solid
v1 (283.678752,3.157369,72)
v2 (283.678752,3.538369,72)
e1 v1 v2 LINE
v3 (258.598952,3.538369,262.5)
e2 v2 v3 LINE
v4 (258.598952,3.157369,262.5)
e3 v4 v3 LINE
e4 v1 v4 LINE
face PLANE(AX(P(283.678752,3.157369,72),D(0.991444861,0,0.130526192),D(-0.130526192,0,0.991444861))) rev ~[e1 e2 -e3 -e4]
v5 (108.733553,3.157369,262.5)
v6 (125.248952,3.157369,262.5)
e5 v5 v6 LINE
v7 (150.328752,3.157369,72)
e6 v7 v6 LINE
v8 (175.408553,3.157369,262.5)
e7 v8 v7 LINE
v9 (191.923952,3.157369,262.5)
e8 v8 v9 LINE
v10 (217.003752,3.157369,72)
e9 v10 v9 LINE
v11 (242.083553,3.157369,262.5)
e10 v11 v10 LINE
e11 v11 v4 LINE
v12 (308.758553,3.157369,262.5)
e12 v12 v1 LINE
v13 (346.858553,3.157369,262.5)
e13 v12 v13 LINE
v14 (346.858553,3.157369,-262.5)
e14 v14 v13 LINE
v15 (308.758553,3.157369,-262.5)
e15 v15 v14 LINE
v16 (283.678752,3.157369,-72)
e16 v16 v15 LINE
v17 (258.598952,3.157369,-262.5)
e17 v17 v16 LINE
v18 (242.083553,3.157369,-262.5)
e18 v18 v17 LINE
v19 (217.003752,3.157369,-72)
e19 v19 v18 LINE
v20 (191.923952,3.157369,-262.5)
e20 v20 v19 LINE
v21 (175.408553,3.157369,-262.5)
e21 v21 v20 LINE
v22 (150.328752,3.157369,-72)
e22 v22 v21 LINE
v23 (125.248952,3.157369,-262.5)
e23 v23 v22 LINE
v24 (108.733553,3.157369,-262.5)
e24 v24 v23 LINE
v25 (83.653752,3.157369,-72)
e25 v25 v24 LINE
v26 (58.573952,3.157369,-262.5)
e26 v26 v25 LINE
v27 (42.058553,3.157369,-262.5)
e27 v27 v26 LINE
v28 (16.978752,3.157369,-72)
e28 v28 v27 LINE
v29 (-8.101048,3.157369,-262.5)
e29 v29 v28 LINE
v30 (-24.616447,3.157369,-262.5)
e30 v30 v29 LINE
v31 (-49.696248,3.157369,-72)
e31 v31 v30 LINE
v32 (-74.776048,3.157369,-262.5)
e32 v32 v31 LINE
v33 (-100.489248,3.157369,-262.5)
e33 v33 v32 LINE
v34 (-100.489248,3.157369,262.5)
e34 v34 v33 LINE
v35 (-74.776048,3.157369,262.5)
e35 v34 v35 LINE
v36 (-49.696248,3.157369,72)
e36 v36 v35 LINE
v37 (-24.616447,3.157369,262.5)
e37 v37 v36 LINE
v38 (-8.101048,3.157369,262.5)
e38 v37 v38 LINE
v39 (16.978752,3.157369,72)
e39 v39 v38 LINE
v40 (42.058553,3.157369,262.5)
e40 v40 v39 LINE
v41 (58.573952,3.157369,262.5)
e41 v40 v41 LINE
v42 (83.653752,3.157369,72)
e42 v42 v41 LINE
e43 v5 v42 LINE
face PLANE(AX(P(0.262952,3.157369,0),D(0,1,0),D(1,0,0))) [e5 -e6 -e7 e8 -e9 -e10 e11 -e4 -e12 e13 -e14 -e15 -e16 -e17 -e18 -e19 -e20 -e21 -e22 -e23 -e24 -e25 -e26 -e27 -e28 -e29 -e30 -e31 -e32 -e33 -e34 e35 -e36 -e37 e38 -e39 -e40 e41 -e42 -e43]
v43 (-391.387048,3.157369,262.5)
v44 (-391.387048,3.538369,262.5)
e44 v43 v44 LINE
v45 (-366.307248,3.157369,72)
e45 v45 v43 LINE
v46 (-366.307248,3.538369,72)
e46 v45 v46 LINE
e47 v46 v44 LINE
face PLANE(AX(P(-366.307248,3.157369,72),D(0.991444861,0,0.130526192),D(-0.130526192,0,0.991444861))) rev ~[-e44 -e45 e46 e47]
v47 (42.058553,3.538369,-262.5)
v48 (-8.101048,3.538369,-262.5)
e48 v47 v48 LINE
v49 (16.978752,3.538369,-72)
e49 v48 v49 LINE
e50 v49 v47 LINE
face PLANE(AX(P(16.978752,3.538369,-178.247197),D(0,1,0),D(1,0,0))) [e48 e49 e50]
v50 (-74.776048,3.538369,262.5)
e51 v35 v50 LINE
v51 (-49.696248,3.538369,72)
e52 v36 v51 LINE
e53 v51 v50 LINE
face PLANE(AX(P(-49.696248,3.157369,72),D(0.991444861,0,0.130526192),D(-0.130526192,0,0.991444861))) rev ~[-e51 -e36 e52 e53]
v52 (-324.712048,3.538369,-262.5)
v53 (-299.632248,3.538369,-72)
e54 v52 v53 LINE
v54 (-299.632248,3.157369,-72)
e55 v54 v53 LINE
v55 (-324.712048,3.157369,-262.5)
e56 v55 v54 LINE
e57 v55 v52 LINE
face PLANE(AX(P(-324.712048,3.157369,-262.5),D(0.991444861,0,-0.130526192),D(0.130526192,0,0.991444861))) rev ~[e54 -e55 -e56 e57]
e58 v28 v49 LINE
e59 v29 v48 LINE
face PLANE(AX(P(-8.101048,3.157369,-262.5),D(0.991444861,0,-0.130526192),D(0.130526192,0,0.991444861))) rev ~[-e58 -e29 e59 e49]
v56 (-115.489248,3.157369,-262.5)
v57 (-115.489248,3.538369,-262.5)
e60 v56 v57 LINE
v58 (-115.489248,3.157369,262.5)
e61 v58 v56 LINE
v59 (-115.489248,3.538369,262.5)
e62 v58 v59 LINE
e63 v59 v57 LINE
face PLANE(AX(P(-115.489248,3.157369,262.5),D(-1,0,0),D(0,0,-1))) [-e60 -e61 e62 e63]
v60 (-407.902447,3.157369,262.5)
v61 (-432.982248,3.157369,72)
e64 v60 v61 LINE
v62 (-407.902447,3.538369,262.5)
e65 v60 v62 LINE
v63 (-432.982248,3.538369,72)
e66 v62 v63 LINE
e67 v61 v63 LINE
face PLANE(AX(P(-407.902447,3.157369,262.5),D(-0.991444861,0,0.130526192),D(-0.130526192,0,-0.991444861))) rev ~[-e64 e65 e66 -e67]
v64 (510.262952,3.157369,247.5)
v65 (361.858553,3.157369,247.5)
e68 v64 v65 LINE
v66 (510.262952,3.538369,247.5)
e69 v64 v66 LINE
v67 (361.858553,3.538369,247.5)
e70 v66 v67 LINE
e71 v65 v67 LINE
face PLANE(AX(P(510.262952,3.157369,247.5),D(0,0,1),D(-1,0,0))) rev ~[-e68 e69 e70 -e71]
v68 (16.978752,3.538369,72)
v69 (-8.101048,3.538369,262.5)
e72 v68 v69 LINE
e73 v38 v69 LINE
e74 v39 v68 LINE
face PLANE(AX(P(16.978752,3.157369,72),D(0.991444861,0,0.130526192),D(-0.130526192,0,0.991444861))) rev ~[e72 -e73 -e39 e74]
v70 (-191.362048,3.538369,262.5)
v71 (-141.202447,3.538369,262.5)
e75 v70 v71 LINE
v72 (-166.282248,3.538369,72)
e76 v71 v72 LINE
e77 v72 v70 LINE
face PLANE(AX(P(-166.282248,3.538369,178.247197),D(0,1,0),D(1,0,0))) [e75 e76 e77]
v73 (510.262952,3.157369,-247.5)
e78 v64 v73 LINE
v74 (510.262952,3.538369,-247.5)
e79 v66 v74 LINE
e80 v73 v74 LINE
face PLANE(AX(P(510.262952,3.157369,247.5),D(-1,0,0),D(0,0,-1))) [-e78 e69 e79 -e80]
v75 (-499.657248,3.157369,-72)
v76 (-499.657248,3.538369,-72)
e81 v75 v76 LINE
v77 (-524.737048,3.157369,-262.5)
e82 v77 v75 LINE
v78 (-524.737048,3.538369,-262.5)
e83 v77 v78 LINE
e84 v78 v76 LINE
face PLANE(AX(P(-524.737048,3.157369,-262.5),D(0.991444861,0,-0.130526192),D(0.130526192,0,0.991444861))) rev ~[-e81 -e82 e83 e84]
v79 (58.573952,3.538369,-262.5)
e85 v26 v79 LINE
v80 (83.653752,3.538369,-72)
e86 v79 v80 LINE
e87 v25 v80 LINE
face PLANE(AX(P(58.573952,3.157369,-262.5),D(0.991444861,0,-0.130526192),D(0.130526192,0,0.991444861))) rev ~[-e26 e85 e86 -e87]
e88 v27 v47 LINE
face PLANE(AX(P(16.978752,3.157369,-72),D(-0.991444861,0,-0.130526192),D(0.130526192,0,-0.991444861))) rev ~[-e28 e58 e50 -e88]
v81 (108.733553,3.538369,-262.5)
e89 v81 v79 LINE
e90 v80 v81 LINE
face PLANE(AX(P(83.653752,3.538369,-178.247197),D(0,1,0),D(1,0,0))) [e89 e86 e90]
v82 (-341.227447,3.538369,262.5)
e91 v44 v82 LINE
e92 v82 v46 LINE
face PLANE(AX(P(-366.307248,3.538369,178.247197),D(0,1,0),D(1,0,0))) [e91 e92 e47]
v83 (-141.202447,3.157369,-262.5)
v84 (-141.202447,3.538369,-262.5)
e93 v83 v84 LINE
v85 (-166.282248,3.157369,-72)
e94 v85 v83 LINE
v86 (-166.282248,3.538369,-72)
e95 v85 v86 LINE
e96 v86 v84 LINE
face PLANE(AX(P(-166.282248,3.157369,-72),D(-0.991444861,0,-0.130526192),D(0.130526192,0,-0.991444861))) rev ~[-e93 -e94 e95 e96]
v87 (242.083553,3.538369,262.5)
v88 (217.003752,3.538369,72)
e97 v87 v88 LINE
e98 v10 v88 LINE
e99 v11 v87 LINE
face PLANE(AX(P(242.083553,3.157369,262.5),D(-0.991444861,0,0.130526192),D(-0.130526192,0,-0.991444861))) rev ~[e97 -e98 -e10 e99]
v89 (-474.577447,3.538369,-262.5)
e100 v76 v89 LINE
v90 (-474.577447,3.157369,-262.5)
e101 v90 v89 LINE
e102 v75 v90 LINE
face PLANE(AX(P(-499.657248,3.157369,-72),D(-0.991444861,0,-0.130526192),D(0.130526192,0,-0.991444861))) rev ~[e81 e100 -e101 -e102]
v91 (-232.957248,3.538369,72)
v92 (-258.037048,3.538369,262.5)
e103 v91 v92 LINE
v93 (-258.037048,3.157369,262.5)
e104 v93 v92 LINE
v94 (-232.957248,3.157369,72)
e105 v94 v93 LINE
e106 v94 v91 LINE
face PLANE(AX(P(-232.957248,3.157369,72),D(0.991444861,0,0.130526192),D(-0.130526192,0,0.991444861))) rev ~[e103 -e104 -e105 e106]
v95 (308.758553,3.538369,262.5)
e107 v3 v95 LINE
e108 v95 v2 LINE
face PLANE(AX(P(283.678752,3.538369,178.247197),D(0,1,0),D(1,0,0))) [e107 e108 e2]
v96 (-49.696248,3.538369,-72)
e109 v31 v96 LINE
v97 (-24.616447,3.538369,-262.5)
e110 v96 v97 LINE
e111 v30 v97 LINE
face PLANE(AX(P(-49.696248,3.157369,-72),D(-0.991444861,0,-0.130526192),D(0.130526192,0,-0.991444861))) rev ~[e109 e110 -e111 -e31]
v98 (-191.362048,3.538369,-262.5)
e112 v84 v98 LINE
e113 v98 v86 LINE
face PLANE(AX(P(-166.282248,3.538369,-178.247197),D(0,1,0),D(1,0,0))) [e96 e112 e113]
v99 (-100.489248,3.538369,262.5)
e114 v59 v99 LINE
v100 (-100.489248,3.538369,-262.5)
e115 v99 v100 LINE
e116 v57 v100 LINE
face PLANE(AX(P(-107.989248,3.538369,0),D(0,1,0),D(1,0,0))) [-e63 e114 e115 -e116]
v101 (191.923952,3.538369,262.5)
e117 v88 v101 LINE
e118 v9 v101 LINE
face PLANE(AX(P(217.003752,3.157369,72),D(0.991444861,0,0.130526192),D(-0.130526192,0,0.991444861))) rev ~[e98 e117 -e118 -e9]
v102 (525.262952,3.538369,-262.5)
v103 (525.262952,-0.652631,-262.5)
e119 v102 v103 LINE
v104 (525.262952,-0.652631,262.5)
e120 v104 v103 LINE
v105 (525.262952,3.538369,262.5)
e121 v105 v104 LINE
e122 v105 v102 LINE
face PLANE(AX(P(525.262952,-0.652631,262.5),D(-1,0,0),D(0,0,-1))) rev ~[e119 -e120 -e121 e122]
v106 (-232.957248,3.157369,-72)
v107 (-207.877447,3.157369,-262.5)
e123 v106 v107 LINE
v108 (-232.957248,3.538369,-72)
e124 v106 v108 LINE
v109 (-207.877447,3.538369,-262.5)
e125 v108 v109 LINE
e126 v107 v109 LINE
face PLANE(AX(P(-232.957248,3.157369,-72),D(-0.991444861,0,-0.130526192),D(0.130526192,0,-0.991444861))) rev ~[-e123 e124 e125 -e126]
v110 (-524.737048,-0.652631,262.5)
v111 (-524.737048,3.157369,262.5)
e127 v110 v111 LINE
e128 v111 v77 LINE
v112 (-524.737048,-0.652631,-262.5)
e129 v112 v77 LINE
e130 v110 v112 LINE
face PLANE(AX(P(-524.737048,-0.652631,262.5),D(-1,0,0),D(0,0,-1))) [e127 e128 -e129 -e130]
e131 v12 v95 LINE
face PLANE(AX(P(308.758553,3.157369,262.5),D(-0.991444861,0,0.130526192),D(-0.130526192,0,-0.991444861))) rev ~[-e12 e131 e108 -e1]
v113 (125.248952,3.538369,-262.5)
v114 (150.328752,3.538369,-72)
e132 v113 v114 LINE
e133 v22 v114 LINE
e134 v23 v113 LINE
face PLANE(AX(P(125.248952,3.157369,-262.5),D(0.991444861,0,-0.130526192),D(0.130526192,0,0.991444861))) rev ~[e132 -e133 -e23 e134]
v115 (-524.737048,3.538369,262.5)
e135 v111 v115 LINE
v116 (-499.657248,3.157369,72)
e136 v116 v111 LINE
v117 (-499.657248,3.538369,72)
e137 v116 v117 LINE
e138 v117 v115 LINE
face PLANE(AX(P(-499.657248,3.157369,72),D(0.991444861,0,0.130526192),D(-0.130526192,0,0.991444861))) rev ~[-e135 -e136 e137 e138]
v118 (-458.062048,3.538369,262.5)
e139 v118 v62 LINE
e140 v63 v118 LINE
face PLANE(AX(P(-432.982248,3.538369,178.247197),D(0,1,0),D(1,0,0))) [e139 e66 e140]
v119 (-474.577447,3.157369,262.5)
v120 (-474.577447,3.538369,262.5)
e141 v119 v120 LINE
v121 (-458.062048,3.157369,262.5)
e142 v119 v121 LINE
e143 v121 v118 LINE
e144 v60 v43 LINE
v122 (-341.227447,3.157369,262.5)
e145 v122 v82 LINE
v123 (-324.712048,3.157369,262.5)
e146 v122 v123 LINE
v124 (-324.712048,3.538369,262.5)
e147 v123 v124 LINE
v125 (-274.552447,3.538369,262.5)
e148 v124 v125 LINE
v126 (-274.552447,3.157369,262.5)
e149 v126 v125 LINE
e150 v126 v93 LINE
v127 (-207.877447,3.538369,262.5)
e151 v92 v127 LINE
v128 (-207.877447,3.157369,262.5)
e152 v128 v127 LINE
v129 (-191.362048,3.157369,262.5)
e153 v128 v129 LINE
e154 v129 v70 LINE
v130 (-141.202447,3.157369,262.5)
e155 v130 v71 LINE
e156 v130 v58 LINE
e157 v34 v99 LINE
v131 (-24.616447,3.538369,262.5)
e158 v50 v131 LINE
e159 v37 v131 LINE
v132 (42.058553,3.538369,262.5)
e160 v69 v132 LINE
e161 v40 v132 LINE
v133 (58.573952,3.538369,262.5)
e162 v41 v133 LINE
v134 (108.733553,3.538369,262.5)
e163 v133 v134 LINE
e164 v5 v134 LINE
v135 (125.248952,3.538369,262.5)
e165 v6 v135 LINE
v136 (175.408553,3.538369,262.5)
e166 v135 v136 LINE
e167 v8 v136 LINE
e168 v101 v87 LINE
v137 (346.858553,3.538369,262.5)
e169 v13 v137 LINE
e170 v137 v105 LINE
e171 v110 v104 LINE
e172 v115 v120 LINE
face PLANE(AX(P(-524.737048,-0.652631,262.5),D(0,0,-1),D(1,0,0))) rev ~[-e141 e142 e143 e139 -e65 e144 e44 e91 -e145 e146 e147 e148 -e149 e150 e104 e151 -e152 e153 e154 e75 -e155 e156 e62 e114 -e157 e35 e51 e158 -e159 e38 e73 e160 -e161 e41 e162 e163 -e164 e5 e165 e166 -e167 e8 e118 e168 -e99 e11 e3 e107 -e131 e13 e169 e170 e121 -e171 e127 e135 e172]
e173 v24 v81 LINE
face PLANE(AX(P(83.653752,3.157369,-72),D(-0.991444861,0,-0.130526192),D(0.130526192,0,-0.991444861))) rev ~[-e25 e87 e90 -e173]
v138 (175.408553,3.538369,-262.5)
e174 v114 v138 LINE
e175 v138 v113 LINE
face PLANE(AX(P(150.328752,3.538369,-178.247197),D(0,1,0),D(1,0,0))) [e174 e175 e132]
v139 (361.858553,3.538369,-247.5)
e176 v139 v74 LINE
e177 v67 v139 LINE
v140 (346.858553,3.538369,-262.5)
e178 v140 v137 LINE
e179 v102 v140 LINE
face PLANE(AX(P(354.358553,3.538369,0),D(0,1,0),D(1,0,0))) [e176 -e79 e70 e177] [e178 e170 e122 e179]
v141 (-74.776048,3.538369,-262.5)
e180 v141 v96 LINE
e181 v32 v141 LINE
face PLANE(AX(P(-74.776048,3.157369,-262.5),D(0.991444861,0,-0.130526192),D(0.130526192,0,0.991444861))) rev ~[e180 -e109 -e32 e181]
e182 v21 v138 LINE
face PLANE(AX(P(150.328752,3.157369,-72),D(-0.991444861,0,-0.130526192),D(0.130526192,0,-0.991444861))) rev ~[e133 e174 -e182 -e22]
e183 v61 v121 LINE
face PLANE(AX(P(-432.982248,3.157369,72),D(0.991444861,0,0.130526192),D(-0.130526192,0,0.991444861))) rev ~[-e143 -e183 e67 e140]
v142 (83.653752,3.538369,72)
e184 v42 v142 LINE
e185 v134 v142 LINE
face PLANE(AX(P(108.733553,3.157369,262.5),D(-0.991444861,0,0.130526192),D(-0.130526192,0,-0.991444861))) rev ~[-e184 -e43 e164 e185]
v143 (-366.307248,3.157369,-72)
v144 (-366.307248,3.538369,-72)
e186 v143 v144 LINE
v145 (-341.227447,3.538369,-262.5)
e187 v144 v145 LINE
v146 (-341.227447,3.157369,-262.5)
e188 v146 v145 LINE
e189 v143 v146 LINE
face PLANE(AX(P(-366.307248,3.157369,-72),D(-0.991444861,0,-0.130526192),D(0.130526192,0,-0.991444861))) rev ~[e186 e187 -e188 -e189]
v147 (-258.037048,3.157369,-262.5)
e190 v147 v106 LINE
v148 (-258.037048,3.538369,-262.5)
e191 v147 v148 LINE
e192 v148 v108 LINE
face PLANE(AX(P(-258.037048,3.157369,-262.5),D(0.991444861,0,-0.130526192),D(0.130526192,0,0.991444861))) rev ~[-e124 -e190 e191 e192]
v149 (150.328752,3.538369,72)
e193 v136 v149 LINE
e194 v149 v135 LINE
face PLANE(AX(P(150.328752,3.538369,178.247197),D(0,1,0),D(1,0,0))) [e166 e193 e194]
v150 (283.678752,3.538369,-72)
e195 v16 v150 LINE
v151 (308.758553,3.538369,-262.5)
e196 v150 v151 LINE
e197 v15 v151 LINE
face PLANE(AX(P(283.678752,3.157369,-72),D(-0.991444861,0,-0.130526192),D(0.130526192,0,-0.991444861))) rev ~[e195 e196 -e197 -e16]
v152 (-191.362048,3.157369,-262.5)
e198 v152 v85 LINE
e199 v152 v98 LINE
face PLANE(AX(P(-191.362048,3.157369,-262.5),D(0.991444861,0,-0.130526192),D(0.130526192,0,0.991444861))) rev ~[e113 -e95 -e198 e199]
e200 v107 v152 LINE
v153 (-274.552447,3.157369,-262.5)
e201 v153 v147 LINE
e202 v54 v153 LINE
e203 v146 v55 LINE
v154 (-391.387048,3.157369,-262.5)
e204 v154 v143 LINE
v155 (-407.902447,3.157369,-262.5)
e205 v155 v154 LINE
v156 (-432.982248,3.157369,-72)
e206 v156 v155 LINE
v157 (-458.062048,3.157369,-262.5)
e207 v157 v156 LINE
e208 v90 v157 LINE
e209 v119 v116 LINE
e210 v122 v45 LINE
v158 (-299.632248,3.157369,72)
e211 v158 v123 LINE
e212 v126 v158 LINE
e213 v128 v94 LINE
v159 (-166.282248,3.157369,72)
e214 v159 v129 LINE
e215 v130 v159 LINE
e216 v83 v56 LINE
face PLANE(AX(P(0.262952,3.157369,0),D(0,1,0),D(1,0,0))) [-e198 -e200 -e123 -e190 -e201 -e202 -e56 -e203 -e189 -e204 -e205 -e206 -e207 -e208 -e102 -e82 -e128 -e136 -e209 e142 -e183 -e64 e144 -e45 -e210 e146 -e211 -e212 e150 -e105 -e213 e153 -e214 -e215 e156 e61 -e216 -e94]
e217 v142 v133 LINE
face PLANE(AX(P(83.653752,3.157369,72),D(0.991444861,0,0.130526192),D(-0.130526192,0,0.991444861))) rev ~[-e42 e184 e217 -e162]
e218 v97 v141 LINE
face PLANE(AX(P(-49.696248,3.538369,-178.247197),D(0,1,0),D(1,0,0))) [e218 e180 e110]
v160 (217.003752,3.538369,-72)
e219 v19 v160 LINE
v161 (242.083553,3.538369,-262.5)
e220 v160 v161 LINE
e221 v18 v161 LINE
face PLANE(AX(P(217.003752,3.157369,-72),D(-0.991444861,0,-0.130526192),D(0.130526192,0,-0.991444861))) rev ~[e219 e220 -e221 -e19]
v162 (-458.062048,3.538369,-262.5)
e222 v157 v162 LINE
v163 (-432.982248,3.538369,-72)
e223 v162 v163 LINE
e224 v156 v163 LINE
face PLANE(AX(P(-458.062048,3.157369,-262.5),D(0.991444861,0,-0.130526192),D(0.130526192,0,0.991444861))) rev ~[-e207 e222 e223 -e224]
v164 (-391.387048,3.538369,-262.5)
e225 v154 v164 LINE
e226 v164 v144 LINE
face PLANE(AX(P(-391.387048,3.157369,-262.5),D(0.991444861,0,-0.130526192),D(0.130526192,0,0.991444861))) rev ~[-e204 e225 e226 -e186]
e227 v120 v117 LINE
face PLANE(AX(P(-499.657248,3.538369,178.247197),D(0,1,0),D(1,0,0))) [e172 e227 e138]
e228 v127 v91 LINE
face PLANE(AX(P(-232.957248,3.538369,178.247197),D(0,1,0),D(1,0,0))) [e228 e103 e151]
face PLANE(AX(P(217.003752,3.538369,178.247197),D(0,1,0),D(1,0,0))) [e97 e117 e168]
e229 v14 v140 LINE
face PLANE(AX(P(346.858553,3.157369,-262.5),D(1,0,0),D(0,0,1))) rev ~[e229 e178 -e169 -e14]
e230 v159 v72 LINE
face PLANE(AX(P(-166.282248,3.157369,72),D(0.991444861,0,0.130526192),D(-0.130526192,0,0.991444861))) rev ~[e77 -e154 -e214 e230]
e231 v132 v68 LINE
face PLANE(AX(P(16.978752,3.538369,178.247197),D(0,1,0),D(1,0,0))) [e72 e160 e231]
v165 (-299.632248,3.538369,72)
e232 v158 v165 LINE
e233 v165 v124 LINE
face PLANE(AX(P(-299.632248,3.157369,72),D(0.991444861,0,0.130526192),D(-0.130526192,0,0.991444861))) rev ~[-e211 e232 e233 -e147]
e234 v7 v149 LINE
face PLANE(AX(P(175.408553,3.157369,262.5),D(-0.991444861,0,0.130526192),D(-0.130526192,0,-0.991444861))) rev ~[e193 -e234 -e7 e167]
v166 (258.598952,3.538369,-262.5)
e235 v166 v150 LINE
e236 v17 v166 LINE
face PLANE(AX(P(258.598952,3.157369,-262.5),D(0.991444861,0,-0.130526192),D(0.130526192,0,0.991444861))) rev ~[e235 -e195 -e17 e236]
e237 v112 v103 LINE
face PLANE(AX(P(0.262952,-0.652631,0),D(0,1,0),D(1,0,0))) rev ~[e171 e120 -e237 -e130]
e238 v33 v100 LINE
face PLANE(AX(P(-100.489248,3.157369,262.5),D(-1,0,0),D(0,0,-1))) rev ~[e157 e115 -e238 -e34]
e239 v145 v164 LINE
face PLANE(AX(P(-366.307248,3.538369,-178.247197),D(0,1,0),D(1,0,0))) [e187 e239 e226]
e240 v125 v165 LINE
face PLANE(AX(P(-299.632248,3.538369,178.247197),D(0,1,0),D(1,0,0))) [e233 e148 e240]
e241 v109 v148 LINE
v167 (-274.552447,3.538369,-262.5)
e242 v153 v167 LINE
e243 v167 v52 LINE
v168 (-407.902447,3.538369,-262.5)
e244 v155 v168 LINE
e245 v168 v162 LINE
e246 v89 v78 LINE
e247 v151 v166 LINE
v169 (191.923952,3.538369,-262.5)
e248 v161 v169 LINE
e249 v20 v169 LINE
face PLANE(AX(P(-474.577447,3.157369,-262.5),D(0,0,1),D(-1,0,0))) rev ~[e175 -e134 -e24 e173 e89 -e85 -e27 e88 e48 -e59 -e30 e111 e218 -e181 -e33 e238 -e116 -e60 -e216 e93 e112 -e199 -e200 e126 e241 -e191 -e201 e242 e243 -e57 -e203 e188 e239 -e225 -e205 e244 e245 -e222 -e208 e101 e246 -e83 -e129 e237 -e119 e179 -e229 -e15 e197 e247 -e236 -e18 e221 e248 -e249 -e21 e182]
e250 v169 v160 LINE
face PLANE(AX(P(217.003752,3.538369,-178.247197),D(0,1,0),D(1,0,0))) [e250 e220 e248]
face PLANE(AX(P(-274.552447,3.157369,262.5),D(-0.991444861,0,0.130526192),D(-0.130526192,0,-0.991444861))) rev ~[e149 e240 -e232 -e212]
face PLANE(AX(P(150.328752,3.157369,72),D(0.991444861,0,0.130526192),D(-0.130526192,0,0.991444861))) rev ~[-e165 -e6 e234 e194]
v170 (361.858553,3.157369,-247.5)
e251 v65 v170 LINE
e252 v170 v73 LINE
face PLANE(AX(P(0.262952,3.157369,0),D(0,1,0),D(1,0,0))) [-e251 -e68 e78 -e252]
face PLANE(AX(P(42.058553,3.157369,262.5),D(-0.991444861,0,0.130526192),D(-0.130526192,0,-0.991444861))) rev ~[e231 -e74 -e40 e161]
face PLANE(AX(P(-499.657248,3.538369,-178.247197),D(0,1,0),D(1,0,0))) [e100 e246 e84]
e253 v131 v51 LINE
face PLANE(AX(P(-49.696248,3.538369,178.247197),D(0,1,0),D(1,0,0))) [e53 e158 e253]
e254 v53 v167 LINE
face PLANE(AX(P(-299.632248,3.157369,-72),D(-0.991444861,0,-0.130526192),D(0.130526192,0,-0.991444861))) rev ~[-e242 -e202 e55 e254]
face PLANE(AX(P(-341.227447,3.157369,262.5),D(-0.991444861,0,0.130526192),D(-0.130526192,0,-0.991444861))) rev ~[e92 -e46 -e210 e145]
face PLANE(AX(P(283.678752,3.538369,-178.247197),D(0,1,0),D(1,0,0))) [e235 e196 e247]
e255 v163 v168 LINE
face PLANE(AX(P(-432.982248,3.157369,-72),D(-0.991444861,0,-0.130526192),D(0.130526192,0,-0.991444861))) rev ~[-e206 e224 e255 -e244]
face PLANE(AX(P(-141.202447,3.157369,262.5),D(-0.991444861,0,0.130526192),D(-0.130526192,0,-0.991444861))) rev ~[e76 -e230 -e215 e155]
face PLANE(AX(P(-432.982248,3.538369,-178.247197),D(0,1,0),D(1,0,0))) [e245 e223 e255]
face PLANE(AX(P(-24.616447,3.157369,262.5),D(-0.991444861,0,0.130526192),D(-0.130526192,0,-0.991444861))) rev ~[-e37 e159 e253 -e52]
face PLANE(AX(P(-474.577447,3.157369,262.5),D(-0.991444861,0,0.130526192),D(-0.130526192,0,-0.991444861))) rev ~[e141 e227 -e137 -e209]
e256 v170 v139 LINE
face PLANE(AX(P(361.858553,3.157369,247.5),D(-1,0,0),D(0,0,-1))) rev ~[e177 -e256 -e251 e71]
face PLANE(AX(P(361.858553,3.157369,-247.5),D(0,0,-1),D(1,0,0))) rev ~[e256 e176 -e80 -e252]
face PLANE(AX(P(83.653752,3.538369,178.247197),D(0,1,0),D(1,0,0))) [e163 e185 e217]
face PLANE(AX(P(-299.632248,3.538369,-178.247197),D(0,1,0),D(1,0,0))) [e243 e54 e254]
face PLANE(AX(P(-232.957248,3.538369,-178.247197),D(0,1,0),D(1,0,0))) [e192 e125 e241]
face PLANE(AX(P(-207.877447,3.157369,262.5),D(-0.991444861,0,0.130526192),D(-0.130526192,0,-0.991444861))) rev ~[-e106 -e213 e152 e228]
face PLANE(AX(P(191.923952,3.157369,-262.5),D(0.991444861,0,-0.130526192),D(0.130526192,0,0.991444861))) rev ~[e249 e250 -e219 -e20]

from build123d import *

# Parameters (mm, degrees)
SKETCH1_W           = 700
SKETCH1_H           = 350
BOSS_EXTRUDE1_DEPTH = 2.54
SKETCH2_W           = 10
SKETCH2_H           = 350
SKETCH2_H_2         = 330
BOSS_EXTRUDE2_DEPTH = 0.254
SCALE1_SCALE        = 1.5


with BuildPart() as part:
    # Sketch1 → Boss-Extrude1 (new body)
    with BuildSketch(Plane(origin=(0, 0, 0), x_dir=(1, 0, 0), z_dir=(0, 1, 0))):
        Rectangle(SKETCH1_W, SKETCH1_H)
    extrude(amount=BOSS_EXTRUDE1_DEPTH)

    # Sketch2 → Boss-Extrude2 (add)
    with BuildSketch(Plane(origin=(0, 2.54, 0), x_dir=(1, 0, 0), z_dir=(0, 1, 0))):
        Polygon((-316.560265613, 175), (-350, 175), (-333.280132806, 48), align=None)
        Polygon((-272.110265613, 175), (-305.55, 175), (-288.830132806, 48), align=None)
        Polygon((-227.660265613, 175), (-261.1, 175), (-244.380132806, 48), align=None)
        Polygon((-183.210265613, 175), (-216.65, 175), (-199.930132806, 48), align=None)
        Polygon((-138.760265613, 175), (-172.2, 175), (-155.480132806, 48), align=None)
        Polygon((-94.310265613, 175), (-127.75, 175), (-111.030132806, 48), align=None)
        with Locations((-72.168132806, 0)):
            Rectangle(SKETCH2_W, SKETCH2_H)
        Polygon((-16.586265613, 175), (-50.026, 175), (-33.306132806, 48), align=None)
        Polygon((27.863734387, 175), (-5.576, 175), (11.143867194, 48), align=None)
        Polygon((72.313734387, 175), (38.874, 175), (55.593867194, 48), align=None)
        Polygon((116.763734387, 175), (83.324, 175), (100.043867194, 48), align=None)
        Polygon((161.213734387, 175), (127.774, 175), (144.493867194, 48), align=None)
        Polygon((205.663734387, 175), (172.224, 175), (188.943867194, 48), align=None)
        Polygon((-350, -175), (-316.560265613, -175), (-333.280132806, -48), align=None)
        Polygon((-305.55, -175), (-272.110265613, -175), (-288.830132806, -48), align=None)
        Polygon((-261.1, -175), (-227.660265613, -175), (-244.380132806, -48), align=None)
        Polygon((-216.65, -175), (-183.210265613, -175), (-199.930132806, -48), align=None)
        Polygon((-172.2, -175), (-138.760265613, -175), (-155.480132806, -48), align=None)
        Polygon((-127.75, -175), (-94.310265613, -175), (-111.030132806, -48), align=None)
        Polygon((-33.306132806, -48), (-50.026, -175), (-16.586265613, -175), align=None)
        Polygon((11.143867194, -48), (-5.576, -175), (27.863734387, -175), align=None)
        Polygon((55.593867194, -48), (38.874, -175), (72.313734387, -175), align=None)
        Polygon((100.043867194, -48), (83.324, -175), (116.763734387, -175), align=None)
        Polygon((144.493867194, -48), (127.774, -175), (161.213734387, -175), align=None)
        Polygon((188.943867194, -48), (172.224, -175), (205.663734387, -175), align=None)
        Polygon((241.063734387, 175), (231.063734387, 175), (231.063734387, -175), (241.063734387, -175), (241.063734387, -165), (241.063734387, 165), align=None)
        Polygon((241.063734387, -165), (241.063734387, -175), (350, -175), (350, -165), (340, -165), align=None)
        with Locations((345, 0)):
            Rectangle(SKETCH2_W, SKETCH2_H_2)
        Polygon((350, 175), (241.063734387, 175), (241.063734387, 165), (340, 165), (350, 165), align=None)
    extrude(amount=BOSS_EXTRUDE2_DEPTH)


with BuildPart() as part_1:
    # Scale1: scaled about (-0.525903048, 1.305261187, 0)
    add(part.part.scale(SCALE1_SCALE).moved(Location((0.262951524, -0.652630593, 0))))


solid = part_1.part
